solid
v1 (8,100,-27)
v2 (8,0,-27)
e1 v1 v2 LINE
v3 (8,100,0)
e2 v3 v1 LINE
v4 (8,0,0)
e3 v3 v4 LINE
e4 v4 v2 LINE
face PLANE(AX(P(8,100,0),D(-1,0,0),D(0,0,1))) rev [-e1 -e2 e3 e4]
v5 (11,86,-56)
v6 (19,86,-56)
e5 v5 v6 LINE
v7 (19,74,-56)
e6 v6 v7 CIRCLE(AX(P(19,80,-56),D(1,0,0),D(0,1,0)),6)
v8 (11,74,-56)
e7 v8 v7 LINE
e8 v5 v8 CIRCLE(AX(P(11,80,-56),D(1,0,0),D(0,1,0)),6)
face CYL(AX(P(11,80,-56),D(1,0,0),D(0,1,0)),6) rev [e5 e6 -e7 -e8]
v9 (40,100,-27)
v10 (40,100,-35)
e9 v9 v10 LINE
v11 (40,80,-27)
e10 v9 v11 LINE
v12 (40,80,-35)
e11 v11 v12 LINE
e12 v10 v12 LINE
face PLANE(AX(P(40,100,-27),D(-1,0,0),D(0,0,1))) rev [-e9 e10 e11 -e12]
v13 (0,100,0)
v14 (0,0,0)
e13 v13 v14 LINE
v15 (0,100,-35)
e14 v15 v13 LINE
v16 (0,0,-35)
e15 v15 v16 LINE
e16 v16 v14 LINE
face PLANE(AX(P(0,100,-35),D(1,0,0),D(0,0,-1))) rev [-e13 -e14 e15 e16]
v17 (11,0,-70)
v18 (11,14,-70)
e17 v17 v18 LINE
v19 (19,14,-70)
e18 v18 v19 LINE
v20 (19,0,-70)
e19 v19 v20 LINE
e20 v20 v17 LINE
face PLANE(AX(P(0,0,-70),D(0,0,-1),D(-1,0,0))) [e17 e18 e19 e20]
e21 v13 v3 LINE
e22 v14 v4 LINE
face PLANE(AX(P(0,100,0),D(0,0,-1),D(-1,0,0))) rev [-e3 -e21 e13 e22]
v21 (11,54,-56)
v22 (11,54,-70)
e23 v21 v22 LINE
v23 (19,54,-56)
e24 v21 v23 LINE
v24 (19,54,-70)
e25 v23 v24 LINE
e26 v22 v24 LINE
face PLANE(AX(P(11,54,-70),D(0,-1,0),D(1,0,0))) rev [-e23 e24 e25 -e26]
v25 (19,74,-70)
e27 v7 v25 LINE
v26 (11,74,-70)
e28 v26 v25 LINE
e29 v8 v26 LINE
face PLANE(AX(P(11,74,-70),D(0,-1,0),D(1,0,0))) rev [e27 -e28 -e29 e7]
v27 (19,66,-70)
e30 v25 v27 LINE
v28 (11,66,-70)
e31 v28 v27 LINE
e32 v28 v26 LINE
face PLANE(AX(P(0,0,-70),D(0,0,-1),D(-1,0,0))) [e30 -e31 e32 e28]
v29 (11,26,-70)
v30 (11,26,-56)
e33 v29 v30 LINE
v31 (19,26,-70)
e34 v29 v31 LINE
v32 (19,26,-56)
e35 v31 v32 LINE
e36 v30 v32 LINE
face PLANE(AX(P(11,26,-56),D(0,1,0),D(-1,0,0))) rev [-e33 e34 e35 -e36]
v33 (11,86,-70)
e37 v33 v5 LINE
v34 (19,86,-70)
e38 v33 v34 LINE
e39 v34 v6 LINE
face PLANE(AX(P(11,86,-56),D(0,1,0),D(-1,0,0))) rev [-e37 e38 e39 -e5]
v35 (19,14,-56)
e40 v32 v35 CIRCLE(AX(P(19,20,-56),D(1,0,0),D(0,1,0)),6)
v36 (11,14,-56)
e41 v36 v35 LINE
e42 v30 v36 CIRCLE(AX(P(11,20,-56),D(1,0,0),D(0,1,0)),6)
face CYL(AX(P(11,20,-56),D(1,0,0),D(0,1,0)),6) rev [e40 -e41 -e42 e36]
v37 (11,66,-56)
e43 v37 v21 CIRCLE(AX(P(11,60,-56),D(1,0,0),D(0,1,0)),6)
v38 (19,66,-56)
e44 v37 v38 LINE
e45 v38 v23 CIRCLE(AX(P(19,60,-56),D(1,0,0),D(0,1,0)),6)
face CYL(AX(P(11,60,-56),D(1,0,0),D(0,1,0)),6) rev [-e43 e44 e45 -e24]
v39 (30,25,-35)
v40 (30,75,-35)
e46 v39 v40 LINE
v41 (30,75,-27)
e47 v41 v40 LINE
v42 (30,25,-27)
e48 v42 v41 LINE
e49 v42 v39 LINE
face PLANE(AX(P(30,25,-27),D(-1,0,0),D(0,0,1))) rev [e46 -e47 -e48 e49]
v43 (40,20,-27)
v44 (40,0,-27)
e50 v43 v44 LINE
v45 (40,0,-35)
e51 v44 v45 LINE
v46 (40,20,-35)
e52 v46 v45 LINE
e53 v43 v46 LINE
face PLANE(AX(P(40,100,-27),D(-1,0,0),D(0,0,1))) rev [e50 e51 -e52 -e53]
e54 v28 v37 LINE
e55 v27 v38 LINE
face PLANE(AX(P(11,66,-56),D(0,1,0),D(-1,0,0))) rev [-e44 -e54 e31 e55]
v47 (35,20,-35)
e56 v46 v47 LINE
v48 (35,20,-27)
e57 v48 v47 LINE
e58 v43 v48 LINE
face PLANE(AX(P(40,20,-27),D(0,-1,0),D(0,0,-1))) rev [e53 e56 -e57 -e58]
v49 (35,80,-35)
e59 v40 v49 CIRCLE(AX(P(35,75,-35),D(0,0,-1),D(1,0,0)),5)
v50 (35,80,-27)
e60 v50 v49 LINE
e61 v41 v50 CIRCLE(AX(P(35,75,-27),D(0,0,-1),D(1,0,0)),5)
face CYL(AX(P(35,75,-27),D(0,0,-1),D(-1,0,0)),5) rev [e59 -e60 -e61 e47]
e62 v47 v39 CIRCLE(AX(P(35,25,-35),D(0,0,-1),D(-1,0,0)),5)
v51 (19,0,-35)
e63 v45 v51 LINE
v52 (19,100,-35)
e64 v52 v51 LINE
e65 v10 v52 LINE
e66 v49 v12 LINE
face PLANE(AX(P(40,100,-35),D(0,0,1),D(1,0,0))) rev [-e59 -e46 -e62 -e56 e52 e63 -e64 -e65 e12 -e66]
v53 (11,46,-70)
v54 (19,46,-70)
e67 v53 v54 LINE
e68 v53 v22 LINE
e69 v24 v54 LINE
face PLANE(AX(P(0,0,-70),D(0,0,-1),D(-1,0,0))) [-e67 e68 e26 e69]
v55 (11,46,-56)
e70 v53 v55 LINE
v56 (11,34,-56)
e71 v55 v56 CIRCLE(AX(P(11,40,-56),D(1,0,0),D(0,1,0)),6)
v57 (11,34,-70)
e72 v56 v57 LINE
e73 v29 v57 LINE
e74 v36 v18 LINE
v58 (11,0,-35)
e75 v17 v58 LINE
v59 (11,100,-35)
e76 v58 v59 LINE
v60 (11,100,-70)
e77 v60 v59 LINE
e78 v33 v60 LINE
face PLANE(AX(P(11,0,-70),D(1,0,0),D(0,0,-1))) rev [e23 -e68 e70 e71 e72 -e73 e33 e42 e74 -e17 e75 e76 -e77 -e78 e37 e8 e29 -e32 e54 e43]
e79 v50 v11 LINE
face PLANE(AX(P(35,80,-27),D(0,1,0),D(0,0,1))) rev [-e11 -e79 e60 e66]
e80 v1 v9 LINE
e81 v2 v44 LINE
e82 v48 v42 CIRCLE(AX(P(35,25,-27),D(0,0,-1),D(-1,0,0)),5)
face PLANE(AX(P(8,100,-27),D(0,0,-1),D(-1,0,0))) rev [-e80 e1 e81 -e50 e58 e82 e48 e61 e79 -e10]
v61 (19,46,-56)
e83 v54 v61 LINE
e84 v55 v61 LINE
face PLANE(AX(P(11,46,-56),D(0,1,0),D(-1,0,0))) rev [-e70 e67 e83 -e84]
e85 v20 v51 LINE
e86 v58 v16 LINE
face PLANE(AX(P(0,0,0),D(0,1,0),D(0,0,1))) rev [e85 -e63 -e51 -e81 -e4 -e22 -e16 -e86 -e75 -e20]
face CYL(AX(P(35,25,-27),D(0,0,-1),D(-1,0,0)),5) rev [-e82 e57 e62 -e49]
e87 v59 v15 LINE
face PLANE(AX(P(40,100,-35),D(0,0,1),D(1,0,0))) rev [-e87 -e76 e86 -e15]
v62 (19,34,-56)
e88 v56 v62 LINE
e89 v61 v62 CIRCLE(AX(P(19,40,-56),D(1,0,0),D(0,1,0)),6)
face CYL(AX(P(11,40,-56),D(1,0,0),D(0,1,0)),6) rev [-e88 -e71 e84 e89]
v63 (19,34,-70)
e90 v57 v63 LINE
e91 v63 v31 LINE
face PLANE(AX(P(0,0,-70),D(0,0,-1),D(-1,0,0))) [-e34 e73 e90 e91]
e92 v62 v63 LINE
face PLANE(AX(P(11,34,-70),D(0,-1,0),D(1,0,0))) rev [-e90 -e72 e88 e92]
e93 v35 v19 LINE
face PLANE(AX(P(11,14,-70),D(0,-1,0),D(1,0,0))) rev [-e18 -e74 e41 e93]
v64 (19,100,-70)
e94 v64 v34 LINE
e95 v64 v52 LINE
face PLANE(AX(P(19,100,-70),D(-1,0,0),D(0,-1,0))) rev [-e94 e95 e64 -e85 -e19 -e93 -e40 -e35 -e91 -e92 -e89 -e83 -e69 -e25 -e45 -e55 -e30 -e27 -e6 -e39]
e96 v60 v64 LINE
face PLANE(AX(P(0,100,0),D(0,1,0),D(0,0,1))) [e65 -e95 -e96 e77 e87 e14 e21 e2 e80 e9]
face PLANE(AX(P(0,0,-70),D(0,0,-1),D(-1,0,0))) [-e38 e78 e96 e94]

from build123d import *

# Parameters (mm, degrees)
BOSS_EXTRUDE1_DEPTH = 100
CUT_EXTRUDE1_DEPTH  = 8
SKETCH4_W           = 8
SKETCH4_H           = 100
BOSS_EXTRUDE2_DEPTH = 35
CUT_EXTRUDE2_DEPTH  = 8


with BuildPart() as part:
    # Sketch1 → Boss-Extrude1 (new body)
    with BuildSketch(Plane(origin=(0, 0, 0), x_dir=(1, 0, 0), z_dir=(0, 1, 0))):
        Polygon((0, 0), (8, 0), (8, 27), (40, 27), (40, 35), (0, 35), align=None)
    extrude(amount=BOSS_EXTRUDE1_DEPTH)

    # Sketch3 → Cut-Extrude1 (cut)
    with BuildSketch(Plane(origin=(0, 0, -35), x_dir=(-1, 0, 0), z_dir=(0, 0, -1))):
        with BuildLine():
            Line((-40, 20), (-35, 20))
            ThreePointArc((-35, 20), (-31.464466094, 21.464466094), (-30, 25))
            Line((-30, 25), (-30, 75))
            ThreePointArc((-30, 75), (-31.464466094, 78.535533906), (-35, 80))
            Line((-35, 80), (-40, 80))
            Line((-40, 80), (-40, 20))
        make_face()
    extrude(amount=-CUT_EXTRUDE1_DEPTH, mode=Mode.SUBTRACT)

    # Sketch4 → Boss-Extrude2 (add)
    with BuildSketch(Plane(origin=(0, 0, -35), x_dir=(-1, 0, 0), z_dir=(0, 0, -1))):
        with Locations((-15, 50)):
            Rectangle(SKETCH4_W, SKETCH4_H)
    extrude(amount=BOSS_EXTRUDE2_DEPTH)

    # Sketch5 → Cut-Extrude2 (cut)
    with BuildSketch(Plane(origin=(19, 0, 0), x_dir=(0, 0, -1), z_dir=(1, 0, 0))):
        with BuildLine():
            Line((56, 86), (70, 86))
            Line((70, 86), (70, 74))
            Line((70, 74), (56, 74))
            ThreePointArc((56, 74), (50, 80), (56, 86))
        make_face()
        with BuildLine():
            Line((70, 54), (56, 54))
            ThreePointArc((56, 54), (50, 60), (56, 66))
            Line((56, 66), (70, 66))
            Line((70, 66), (70, 54))
        make_face()
        with BuildLine():
            Line((70, 34), (56, 34))
            ThreePointArc((56, 34), (50, 40), (56, 46))
            Line((56, 46), (70, 46))
            Line((70, 46), (70, 34))
        make_face()
        with BuildLine():
            Line((70, 14), (56, 14))
            ThreePointArc((56, 14), (50, 20), (56, 26))
            Line((56, 26), (70, 26))
            Line((70, 26), (70, 14))
        make_face()
    extrude(amount=-CUT_EXTRUDE2_DEPTH, mode=Mode.SUBTRACT)


solid = part.part
